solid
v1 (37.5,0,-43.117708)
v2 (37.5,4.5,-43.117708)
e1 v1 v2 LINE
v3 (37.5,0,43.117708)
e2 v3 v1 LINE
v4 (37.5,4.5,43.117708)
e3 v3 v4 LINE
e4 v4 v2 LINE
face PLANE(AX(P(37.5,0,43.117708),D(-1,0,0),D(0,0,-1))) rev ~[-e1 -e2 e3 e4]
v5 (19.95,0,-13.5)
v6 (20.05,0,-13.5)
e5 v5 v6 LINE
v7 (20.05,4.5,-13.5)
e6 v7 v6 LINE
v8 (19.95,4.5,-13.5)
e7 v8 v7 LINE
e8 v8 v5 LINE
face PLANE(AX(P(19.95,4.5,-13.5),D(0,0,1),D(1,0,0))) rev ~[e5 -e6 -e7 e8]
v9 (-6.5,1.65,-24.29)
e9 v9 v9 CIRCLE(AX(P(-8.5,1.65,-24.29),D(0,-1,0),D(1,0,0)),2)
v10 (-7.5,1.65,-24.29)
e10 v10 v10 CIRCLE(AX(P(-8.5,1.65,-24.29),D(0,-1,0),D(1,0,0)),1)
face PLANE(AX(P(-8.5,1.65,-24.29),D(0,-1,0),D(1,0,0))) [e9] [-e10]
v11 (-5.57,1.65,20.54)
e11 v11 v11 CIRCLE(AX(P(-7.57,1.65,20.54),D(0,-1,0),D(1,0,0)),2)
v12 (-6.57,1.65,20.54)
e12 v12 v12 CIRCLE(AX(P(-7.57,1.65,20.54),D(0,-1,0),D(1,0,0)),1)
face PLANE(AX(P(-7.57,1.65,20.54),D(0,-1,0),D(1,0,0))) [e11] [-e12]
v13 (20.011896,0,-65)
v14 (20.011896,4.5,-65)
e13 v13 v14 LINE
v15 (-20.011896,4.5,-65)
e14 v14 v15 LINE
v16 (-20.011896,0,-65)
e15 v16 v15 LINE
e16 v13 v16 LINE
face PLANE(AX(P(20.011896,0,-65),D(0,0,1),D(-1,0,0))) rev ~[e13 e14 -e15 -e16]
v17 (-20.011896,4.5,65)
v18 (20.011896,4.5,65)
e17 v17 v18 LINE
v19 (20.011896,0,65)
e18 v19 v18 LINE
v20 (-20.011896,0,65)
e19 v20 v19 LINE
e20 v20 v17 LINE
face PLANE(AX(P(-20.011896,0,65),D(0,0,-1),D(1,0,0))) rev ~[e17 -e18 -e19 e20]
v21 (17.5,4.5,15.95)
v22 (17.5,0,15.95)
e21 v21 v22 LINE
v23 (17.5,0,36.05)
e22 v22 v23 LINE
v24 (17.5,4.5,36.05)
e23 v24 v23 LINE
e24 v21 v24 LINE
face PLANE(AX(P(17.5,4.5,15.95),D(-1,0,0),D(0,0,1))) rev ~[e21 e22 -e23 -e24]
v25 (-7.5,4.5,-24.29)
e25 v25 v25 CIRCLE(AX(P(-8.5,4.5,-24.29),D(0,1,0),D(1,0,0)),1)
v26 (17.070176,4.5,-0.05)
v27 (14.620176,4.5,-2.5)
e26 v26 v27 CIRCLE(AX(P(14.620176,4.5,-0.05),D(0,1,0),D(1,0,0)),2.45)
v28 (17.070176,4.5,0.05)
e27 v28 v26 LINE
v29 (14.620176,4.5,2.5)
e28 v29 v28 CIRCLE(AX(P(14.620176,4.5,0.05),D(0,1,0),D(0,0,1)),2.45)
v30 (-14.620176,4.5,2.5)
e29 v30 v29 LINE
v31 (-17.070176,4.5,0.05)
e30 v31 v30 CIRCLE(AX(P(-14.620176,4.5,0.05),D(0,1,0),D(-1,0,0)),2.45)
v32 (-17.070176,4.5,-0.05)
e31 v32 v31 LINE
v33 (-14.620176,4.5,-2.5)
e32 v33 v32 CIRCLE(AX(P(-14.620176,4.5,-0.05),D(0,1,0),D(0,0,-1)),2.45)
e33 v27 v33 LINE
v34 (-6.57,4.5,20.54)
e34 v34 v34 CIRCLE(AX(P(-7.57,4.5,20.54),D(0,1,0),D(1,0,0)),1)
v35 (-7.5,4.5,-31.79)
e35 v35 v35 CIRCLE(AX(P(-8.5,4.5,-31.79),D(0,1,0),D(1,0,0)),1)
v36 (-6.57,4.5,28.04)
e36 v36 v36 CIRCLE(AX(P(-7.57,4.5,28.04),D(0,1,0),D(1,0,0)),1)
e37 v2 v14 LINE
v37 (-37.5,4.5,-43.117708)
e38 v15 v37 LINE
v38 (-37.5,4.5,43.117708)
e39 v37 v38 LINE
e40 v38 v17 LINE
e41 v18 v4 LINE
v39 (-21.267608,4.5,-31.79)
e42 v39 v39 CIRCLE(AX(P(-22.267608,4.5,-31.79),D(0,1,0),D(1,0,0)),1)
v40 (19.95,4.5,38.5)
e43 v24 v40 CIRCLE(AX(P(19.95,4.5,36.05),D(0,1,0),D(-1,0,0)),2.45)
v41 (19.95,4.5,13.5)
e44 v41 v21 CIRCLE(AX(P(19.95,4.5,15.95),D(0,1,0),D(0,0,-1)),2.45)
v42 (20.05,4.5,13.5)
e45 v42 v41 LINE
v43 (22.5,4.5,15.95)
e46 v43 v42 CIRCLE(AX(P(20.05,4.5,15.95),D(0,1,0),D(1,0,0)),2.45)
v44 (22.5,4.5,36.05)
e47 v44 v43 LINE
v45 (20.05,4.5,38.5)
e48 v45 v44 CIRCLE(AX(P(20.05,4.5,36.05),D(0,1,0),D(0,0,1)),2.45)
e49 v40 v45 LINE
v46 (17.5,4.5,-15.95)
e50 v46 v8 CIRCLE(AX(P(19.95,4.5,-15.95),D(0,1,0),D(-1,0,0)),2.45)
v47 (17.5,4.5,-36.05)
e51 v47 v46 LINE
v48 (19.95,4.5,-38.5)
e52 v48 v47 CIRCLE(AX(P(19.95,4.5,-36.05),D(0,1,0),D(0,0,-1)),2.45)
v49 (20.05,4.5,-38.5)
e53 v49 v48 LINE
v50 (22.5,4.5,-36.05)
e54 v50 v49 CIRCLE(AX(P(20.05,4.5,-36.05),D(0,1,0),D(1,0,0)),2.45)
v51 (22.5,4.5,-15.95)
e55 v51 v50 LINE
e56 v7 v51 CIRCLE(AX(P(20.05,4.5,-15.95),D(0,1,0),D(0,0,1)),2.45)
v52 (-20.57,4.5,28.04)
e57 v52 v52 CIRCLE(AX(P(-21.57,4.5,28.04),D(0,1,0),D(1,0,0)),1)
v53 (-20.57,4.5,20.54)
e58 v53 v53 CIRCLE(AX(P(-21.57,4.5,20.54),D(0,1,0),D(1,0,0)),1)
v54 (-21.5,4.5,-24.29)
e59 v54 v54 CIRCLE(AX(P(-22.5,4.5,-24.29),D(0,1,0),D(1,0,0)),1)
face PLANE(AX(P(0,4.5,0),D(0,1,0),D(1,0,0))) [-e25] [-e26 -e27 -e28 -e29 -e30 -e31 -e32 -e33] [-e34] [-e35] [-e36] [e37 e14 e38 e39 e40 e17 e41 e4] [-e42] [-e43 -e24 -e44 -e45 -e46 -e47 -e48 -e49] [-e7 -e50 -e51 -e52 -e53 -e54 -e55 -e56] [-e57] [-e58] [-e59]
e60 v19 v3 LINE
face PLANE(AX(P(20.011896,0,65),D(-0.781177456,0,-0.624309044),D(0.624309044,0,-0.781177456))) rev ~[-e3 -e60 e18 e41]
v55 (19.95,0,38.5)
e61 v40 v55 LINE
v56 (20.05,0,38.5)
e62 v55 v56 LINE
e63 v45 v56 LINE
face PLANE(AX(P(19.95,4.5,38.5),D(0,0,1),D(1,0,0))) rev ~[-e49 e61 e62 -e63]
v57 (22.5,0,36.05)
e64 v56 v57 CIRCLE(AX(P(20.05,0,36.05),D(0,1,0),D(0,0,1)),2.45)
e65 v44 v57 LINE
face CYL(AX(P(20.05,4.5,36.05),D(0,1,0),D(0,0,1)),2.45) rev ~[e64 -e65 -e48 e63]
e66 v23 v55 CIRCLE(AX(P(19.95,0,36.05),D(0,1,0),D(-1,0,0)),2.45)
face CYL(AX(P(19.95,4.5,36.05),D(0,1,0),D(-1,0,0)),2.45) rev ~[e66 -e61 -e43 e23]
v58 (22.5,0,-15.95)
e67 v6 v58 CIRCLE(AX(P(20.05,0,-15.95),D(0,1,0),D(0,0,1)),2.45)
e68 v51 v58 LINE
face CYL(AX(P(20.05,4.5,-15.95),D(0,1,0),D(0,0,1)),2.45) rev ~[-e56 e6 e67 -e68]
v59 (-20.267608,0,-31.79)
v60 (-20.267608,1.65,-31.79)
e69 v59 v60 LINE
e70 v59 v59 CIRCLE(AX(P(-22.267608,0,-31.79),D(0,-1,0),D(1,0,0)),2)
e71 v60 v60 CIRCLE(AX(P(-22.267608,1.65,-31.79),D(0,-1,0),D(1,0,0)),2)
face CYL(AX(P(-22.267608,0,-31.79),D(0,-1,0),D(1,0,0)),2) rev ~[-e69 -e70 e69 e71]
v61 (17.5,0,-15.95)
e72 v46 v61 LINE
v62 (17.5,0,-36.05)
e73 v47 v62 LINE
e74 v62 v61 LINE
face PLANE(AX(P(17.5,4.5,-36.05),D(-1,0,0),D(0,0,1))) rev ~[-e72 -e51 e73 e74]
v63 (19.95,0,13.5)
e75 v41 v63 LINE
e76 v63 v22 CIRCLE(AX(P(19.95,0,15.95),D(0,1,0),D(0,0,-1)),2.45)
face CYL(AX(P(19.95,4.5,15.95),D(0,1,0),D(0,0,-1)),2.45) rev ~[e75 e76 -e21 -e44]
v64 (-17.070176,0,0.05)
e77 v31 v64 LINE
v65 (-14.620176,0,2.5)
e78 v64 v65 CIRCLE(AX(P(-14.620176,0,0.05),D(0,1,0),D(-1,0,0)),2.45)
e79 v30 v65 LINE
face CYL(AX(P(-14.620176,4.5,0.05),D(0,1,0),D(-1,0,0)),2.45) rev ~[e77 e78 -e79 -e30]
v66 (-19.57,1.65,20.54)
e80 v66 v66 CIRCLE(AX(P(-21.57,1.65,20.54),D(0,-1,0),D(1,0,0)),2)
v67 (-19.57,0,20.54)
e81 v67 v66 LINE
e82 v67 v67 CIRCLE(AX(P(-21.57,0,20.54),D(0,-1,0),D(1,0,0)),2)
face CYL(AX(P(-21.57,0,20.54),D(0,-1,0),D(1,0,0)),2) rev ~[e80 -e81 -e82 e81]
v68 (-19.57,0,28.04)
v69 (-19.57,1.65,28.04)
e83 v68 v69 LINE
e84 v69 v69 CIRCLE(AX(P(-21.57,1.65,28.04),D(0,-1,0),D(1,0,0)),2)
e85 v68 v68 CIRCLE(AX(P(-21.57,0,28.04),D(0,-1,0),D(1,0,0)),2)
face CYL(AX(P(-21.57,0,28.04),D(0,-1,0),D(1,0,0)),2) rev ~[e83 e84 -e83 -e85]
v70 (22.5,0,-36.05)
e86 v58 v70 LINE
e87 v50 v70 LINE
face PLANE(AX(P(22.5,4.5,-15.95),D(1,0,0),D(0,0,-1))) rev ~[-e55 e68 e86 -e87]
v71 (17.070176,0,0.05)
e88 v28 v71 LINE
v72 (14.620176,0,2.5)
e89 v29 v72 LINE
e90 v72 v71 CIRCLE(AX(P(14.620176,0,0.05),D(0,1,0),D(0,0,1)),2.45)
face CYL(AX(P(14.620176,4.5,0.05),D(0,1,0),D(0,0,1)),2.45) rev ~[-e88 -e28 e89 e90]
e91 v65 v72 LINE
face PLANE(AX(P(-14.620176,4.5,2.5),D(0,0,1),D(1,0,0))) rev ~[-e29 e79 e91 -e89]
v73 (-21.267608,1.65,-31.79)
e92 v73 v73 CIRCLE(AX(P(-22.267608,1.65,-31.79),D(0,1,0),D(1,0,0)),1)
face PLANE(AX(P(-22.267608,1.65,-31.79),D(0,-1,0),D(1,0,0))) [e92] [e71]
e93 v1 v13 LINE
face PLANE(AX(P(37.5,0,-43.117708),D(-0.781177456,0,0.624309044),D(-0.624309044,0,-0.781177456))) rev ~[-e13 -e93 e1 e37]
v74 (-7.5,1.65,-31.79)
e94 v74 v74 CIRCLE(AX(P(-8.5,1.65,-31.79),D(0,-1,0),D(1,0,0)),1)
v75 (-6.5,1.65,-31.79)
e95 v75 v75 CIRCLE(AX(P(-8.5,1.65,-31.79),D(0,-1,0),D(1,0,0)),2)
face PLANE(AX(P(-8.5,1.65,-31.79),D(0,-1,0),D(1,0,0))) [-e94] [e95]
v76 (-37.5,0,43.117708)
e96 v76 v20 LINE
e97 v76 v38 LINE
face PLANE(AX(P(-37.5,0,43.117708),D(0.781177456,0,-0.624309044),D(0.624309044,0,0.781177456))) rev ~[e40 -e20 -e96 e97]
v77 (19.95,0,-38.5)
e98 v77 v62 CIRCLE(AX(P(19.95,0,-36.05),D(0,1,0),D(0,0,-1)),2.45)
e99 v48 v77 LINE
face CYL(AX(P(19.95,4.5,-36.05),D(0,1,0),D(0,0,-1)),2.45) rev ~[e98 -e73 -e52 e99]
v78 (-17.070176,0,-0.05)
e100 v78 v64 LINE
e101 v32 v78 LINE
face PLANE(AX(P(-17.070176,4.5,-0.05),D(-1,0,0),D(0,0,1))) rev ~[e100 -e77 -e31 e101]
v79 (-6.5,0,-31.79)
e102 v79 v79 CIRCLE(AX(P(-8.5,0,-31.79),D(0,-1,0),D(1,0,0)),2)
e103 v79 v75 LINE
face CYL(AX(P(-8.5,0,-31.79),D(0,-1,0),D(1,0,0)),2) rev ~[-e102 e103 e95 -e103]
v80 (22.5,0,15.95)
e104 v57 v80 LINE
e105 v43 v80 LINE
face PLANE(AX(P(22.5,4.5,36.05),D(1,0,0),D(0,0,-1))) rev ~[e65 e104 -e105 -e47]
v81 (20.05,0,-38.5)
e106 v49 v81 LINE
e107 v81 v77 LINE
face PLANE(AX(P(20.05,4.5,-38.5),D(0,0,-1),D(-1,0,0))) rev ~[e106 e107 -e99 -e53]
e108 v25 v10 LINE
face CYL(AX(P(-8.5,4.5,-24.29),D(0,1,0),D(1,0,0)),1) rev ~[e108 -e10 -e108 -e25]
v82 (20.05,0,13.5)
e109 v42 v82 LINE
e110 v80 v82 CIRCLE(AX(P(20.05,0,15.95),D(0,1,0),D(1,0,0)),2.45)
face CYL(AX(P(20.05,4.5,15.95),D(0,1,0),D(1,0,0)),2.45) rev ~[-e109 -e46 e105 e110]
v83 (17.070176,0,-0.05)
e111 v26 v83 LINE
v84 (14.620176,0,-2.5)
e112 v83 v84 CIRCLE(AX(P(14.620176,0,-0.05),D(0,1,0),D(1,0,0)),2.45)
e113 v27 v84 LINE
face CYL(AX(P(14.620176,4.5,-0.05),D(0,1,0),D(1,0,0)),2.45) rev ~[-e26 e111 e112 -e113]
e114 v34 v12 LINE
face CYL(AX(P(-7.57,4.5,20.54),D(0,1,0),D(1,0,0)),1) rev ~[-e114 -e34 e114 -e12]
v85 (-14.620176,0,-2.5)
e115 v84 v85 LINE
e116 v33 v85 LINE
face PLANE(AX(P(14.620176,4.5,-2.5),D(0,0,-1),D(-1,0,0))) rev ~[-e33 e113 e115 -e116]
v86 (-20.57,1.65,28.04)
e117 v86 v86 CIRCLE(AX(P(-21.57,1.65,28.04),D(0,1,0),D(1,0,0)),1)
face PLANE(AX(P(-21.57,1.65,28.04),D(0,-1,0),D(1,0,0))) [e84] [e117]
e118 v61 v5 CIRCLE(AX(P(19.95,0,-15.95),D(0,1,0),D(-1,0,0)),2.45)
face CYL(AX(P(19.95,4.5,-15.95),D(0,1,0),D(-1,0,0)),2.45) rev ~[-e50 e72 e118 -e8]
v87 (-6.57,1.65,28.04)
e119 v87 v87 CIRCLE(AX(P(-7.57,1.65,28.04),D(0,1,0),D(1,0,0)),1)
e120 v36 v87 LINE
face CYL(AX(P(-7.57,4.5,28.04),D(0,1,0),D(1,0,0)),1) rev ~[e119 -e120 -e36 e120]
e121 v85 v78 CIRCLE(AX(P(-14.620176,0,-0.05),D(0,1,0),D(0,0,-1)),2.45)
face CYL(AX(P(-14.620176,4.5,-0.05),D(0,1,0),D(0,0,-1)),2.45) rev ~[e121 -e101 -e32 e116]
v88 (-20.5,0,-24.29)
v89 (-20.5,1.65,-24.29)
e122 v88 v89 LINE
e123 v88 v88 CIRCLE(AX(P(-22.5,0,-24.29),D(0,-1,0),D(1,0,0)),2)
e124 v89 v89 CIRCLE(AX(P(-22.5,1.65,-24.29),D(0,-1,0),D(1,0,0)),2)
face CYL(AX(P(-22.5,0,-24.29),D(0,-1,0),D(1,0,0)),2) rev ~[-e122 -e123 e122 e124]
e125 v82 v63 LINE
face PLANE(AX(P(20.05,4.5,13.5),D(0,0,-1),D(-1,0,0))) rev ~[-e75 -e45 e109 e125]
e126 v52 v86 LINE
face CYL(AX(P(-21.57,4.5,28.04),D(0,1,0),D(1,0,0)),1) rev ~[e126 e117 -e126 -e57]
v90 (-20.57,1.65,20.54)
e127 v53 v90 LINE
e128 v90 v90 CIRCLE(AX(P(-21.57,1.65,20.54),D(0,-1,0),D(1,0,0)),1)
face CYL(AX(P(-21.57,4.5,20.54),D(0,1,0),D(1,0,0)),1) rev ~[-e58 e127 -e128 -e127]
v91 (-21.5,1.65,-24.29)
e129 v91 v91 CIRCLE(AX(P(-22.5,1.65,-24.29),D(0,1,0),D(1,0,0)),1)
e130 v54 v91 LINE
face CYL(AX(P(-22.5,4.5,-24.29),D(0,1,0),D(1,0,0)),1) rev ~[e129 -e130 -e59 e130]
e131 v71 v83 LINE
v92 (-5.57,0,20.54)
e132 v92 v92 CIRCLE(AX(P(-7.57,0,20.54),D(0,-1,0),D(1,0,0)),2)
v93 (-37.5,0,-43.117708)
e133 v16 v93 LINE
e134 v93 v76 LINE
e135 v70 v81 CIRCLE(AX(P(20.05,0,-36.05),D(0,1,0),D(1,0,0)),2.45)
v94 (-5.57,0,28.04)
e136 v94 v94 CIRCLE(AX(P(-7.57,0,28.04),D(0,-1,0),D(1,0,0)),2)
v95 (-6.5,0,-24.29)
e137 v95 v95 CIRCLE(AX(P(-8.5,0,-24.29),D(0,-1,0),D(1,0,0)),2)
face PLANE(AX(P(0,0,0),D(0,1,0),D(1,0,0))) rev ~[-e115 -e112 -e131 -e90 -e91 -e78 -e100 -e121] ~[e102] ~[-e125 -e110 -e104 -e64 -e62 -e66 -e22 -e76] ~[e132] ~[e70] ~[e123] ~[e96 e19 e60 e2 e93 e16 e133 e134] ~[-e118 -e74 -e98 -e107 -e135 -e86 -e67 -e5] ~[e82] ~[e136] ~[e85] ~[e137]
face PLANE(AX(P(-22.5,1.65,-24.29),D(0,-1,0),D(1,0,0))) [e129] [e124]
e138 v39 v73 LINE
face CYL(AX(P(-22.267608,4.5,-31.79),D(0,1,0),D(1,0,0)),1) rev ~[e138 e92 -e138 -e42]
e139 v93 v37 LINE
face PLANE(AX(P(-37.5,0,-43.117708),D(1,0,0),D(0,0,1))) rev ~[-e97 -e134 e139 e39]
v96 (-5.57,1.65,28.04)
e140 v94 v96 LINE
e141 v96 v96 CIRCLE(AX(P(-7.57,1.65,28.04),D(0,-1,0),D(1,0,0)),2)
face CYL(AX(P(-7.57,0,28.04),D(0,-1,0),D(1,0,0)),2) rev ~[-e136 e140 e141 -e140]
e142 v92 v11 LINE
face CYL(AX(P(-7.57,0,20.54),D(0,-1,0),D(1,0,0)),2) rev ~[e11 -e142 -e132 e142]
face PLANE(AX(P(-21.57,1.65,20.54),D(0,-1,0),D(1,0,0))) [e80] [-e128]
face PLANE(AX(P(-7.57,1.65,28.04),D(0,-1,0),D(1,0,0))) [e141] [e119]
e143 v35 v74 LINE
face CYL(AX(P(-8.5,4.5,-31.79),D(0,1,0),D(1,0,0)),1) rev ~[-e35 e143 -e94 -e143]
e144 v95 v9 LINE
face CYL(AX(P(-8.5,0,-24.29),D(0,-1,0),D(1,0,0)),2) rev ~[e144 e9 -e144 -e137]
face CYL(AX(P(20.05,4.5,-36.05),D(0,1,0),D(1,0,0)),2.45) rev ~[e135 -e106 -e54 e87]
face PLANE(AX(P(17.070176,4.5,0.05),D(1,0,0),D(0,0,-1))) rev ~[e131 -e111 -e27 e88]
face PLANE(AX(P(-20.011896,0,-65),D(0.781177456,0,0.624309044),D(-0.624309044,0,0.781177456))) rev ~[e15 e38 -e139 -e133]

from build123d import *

# Parameters (mm, degrees)
BOSS_EXTRUDE1_DEPTH = 4.5
CUT_EXTRUDE2_DEPTH  = 10
SKETCH7_R           = 1
CUT_EXTRUDE3_DEPTH  = 5
SKETCH11_R          = 2
SKETCH11_R_2        = 1
CUT_EXTRUDE4_DEPTH  = 1.65


with BuildPart() as part:
    # Sketch1 → Boss-Extrude1 (new body)
    with BuildSketch(Plane(origin=(0, 0, 0), x_dir=(1, 0, 0), z_dir=(0, 1, 0))):
        Polygon((-37.5, -43.117707706), (-20.011895516, -65), (20.011895516, -65), (37.5, -43.117707706), (37.5, 43.117707706), (20.011895516, 65), (-20.011895516, 65), (-37.5, 43.117707706), align=None)
    extrude(amount=BOSS_EXTRUDE1_DEPTH)

    # Sketch5 → Cut-Extrude2 (cut)
    with BuildSketch(Plane(origin=(0, 4.5, 0), x_dir=(1, 0, 0), z_dir=(0, 1, 0))):
        with BuildLine():
            Line((-14.620176413, -2.5), (14.620176413, -2.5))
            ThreePointArc((14.620176413, -2.5), (16.352588027, -1.782411614), (17.070176413, -0.05))
            Line((17.070176413, -0.05), (17.070176413, 0.05))
            ThreePointArc((17.070176413, 0.05), (16.352588027, 1.782411614), (14.620176413, 2.5))
            Line((14.620176413, 2.5), (-14.620176413, 2.5))
            ThreePointArc((-14.620176413, 2.5), (-16.352588027, 1.782411614), (-17.070176413, 0.05))
            Line((-17.070176413, 0.05), (-17.070176413, -0.05))
            ThreePointArc((-17.070176413, -0.05), (-16.352588027, -1.782411614), (-14.620176413, -2.5))
        make_face()
        with BuildLine():
            Line((19.95, -38.5), (20.05, -38.5))
            ThreePointArc((20.05, -38.5), (21.782411614, -37.782411614), (22.5, -36.05))
            Line((22.5, -36.05), (22.5, -15.95))
            ThreePointArc((22.5, -15.95), (21.782411614, -14.217588386), (20.05, -13.5))
            Line((20.05, -13.5), (19.95, -13.5))
            ThreePointArc((19.95, -13.5), (18.217588386, -14.217588386), (17.5, -15.95))
            Line((17.5, -15.95), (17.5, -36.05))
            ThreePointArc((17.5, -36.05), (18.217588386, -37.782411614), (19.95, -38.5))
        make_face()
        with BuildLine():
            Line((19.95, 13.5), (20.05, 13.5))
            ThreePointArc((20.05, 13.5), (21.782411614, 14.217588386), (22.5, 15.95))
            Line((22.5, 15.95), (22.5, 36.05))
            ThreePointArc((22.5, 36.05), (21.782411614, 37.782411614), (20.05, 38.5))
            Line((20.05, 38.5), (19.95, 38.5))
            ThreePointArc((19.95, 38.5), (18.217588386, 37.782411614), (17.5, 36.05))
            Line((17.5, 36.05), (17.5, 15.95))
            ThreePointArc((17.5, 15.95), (18.217588386, 14.217588386), (19.95, 13.5))
        make_face()
    extrude(amount=-CUT_EXTRUDE2_DEPTH, mode=Mode.SUBTRACT)

    # Sketch7 → Cut-Extrude3 (cut)
    with BuildSketch(Plane(origin=(0, 4.5, 0), x_dir=(1, 0, 0), z_dir=(0, 1, 0))):
        with Locations((-8.5, 24.29)):
            Circle(SKETCH7_R)
        with Locations((-22.5, 24.29)):
            Circle(SKETCH7_R)
        with Locations((-22.26760758, 31.79)):
            Circle(SKETCH7_R)
        with Locations((-21.57, -20.54)):
            Circle(SKETCH7_R)
        with Locations((-21.57, -28.04)):
            Circle(SKETCH7_R)
        with Locations((-7.57, -28.04)):
            Circle(SKETCH7_R)
        with Locations((-7.57, -20.54)):
            Circle(SKETCH7_R)
        with Locations((-8.5, 31.79)):
            Circle(SKETCH7_R)
    extrude(amount=-CUT_EXTRUDE3_DEPTH, mode=Mode.SUBTRACT)

    # Sketch11 → Cut-Extrude4 (cut)
    with BuildSketch(Plane.XZ):
        with Locations((-7.57, 20.54)):
            Circle(SKETCH11_R)
        with Locations((-7.57, 20.54)):
            Circle(SKETCH11_R_2, mode=Mode.SUBTRACT)
        with Locations((-21.57, 20.54)):
            Circle(SKETCH11_R)
        with Locations((-21.57, 20.54)):
            Circle(SKETCH11_R_2, mode=Mode.SUBTRACT)
        with Locations((-8.5, -24.29)):
            Circle(SKETCH11_R)
        with Locations((-8.5, -24.29)):
            Circle(SKETCH11_R_2, mode=Mode.SUBTRACT)
        with Locations((-8.5, -31.79)):
            Circle(SKETCH11_R)
        with Locations((-8.5, -31.79)):
            Circle(SKETCH11_R_2, mode=Mode.SUBTRACT)
        with Locations((-7.57, 28.04)):
            Circle(SKETCH11_R)
        with Locations((-21.57, 28.04)):
            Circle(SKETCH11_R)
        with Locations((-22.26760758, -31.79)):
            Circle(SKETCH11_R)
        with Locations((-22.5, -24.29)):
            Circle(SKETCH11_R)
    extrude(amount=-CUT_EXTRUDE4_DEPTH, mode=Mode.SUBTRACT)


solid = part.part
